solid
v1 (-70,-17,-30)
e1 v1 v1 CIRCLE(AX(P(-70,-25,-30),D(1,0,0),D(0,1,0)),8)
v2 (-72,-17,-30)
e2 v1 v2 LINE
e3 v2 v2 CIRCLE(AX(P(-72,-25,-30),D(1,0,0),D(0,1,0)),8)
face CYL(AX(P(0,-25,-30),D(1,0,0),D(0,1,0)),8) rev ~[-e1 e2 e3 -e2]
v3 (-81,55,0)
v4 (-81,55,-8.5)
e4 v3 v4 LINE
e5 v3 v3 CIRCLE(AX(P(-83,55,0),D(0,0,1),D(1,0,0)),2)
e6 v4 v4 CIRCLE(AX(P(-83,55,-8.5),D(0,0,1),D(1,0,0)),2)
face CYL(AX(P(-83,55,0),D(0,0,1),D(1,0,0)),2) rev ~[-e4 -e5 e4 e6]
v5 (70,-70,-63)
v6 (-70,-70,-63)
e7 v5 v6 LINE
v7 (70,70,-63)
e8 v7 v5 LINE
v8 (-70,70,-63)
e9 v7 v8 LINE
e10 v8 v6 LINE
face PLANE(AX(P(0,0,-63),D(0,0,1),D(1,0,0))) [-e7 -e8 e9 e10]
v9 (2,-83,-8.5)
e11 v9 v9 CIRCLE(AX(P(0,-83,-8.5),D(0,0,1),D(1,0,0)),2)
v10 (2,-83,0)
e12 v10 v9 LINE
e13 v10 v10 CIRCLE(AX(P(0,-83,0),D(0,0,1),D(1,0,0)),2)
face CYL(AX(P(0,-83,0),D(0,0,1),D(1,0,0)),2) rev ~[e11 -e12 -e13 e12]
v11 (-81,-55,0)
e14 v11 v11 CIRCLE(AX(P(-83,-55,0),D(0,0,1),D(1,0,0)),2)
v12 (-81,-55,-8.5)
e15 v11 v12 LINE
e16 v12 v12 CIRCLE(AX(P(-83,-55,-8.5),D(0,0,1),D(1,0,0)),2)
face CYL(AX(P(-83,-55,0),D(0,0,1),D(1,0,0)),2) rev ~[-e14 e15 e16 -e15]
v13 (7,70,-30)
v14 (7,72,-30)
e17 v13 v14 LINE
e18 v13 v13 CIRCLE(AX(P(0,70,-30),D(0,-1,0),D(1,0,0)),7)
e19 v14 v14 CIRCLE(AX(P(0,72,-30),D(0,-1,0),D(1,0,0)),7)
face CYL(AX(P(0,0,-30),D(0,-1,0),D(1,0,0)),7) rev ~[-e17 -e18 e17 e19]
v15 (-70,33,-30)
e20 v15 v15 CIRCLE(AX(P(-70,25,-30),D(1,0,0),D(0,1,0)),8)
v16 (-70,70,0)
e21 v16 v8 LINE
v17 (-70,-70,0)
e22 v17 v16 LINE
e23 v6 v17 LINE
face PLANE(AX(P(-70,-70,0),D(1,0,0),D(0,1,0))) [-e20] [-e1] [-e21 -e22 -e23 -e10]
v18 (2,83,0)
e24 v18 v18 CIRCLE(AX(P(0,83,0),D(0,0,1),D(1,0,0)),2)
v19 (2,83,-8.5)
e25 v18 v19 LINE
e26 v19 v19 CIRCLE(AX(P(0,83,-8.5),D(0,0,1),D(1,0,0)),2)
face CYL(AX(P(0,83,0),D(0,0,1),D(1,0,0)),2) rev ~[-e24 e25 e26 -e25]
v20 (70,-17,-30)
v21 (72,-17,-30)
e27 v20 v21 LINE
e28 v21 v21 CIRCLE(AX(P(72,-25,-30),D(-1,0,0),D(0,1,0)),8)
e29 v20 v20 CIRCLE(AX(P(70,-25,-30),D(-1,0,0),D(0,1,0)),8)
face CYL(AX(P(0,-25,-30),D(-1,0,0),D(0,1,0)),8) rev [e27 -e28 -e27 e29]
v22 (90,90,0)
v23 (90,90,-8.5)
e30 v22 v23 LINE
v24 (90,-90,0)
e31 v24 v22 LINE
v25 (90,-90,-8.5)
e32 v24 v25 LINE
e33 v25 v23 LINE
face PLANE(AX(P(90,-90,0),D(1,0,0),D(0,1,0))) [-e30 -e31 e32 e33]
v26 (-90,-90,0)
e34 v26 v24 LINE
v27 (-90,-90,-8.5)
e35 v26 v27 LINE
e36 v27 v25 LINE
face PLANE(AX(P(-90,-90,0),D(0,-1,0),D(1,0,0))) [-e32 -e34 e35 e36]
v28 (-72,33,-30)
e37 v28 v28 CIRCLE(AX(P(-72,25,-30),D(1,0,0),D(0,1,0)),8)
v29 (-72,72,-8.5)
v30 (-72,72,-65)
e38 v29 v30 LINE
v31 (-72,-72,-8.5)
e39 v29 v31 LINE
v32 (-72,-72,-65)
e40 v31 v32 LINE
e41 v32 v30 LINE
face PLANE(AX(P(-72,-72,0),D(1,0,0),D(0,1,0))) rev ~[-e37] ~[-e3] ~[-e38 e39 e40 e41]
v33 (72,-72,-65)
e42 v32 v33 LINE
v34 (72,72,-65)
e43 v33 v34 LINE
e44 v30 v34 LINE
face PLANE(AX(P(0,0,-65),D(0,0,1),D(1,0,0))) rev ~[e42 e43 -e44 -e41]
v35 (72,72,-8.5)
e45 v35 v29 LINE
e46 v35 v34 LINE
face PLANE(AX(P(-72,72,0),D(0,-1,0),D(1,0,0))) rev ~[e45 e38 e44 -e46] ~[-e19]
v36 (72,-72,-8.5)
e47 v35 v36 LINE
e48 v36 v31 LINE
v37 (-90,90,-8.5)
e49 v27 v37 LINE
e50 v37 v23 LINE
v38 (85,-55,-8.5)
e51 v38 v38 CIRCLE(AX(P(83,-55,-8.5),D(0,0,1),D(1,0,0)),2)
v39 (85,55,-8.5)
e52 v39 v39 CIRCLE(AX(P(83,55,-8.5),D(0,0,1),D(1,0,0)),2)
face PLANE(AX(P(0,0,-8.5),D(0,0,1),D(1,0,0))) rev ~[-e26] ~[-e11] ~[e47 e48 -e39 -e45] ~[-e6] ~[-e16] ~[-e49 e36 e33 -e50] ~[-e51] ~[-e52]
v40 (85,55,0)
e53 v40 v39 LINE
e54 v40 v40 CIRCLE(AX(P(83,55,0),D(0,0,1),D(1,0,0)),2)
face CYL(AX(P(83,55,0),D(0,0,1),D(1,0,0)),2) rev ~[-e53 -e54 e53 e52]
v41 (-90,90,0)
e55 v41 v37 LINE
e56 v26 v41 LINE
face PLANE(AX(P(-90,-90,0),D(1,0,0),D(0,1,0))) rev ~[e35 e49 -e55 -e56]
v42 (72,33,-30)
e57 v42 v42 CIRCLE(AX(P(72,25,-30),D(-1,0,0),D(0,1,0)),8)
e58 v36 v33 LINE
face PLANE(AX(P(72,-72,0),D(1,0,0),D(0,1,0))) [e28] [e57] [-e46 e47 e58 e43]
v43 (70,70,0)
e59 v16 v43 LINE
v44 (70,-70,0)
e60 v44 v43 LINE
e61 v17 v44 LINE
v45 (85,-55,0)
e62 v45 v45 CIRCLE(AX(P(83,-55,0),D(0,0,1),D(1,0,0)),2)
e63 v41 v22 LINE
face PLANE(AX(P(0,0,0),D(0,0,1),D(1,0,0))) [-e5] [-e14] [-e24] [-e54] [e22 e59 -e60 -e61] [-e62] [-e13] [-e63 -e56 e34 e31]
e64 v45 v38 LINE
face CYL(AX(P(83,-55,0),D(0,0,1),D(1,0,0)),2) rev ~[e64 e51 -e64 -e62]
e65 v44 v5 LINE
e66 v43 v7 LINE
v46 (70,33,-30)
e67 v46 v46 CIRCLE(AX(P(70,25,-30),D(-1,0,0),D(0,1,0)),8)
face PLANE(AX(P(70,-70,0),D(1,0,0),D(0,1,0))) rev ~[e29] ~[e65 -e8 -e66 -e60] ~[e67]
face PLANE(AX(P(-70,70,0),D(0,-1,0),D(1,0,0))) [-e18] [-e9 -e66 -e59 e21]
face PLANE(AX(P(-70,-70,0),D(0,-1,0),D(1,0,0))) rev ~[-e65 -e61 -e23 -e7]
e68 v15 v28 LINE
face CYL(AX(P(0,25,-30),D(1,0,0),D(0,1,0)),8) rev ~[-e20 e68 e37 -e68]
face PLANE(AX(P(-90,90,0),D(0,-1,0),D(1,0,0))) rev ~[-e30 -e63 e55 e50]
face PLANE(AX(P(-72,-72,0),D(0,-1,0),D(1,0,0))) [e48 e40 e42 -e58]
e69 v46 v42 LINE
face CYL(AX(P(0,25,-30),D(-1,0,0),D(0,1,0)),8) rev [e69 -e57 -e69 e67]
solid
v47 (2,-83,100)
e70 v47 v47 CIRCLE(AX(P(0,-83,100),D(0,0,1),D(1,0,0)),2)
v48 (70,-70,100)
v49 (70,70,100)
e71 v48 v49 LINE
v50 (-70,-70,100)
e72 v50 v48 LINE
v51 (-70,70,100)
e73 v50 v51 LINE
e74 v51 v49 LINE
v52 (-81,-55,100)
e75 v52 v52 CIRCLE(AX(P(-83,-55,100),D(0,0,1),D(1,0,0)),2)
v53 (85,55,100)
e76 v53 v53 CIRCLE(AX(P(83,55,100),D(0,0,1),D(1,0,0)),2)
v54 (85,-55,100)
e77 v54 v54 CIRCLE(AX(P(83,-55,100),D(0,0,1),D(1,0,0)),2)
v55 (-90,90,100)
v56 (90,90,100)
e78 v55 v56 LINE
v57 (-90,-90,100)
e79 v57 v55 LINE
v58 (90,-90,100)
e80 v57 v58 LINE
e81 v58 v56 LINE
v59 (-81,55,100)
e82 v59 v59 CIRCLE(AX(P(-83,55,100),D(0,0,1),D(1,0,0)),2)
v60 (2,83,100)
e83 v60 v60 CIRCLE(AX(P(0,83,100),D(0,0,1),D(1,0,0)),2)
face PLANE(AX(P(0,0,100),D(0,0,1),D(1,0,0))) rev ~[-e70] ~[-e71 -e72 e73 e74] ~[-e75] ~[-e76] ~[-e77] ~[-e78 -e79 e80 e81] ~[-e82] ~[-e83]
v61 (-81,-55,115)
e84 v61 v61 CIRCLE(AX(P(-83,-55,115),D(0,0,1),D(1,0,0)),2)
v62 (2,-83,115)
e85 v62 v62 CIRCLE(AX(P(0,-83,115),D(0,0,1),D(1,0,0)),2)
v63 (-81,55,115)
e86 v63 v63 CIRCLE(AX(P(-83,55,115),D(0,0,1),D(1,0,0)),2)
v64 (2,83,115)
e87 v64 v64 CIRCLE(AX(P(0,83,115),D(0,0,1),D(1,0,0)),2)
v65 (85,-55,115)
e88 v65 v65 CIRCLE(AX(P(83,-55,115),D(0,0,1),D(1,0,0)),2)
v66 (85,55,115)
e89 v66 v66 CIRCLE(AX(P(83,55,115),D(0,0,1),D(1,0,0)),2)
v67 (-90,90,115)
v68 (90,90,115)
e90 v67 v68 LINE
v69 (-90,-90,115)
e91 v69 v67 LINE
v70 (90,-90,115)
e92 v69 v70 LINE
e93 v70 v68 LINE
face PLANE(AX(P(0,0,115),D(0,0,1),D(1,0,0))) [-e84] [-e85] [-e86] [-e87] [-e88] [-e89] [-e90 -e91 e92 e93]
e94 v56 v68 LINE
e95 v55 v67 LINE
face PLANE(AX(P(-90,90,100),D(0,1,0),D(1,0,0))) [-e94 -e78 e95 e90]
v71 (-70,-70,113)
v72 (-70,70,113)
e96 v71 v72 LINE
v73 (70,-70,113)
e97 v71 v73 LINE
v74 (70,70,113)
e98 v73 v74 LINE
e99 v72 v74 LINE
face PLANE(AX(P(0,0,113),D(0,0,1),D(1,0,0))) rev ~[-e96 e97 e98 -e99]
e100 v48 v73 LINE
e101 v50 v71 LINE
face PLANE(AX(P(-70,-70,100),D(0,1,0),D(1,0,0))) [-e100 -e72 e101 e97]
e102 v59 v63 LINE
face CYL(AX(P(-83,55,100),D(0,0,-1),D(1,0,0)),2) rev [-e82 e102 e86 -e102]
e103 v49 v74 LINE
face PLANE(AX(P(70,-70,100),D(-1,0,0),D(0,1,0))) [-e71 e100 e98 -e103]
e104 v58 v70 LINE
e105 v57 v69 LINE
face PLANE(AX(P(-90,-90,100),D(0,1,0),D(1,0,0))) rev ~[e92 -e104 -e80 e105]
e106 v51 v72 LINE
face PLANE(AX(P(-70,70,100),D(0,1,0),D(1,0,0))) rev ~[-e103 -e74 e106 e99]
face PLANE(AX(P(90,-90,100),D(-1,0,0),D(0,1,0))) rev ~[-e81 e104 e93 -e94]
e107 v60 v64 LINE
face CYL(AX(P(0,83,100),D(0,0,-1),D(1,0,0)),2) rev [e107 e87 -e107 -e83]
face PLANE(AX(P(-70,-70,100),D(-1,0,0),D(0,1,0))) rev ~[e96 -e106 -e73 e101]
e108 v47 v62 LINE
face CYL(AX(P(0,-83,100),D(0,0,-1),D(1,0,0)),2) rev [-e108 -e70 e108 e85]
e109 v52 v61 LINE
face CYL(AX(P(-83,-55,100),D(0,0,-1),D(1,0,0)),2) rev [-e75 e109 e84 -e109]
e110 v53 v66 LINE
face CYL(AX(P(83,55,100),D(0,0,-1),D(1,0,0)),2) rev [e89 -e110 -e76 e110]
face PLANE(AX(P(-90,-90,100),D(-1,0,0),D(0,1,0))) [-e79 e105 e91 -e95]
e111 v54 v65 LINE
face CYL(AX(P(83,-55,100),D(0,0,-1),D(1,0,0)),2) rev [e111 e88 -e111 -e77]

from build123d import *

# Parameters (mm, degrees)
F0_W           = 144
F0_H           = 144
F1_DEPTH       = 65
F2_T           = -2
F3_W           = 180
F3_H           = 180
F4_DEPTH       = 8.5
F5_W           = 140
F5_H           = 140
F6_DEPTH       = 10
F7_R           = 2
F8_DEPTH       = 8.5
F8_DEPTH_BACK  = 150
F9_R           = 2
F10_DEPTH      = 8.5
F10_DEPTH_BACK = 150
F12_W          = 180
F12_H          = 180
F13_DEPTH      = 15
F14_W          = 140
F14_H          = 140
F15_DEPTH      = 13
F16_R          = 2
F17_DEPTH      = 15
F18_R          = 8
F19_DEPTH      = 100
F19_DEPTH_BACK = 100
F20_R          = 7
F21_DEPTH      = 100


with BuildPart() as f1:
    # F0 (on Top) → F1 (new body)
    with BuildSketch(Plane.XY):
        Rectangle(F0_W, F0_H)
    extrude(amount=-F1_DEPTH)

    # F2
    f2_openings = [f1.faces().sort_by_distance(p)[0] for p in [
        (0, 0, 0),
    ]]
    offset(amount=F2_T, openings=f2_openings)

    # F3 (on Top) → F4 (join)
    with BuildSketch(Plane.XY):
        Rectangle(F3_W, F3_H)
    extrude(amount=-F4_DEPTH)

    # F5 (on Top) → F6 (cut)
    with BuildSketch(Plane.XY):
        Rectangle(F5_W, F5_H)
    extrude(amount=-F6_DEPTH, mode=Mode.SUBTRACT)

    # F7 (on Top) → F8 (cut, two sides)
    with BuildSketch(Plane.XY) as f8_sk:
        with Locations((-83, 55)):
            Circle(F7_R)
        with Locations((-83, -55)):
            Circle(F7_R)
        with Locations((83, 55)):
            Circle(F7_R)
        with Locations((83, -55)):
            Circle(F7_R)
    extrude(amount=-F8_DEPTH, mode=Mode.SUBTRACT)
    extrude(f8_sk.sketch, amount=F8_DEPTH_BACK, mode=Mode.SUBTRACT)

    # F9 (on Top) → F10 (cut, two sides)
    with BuildSketch(Plane.XY) as f10_sk:
        with Locations((0, 83)):
            Circle(F9_R)
        with Locations((0, -83)):
            Circle(F9_R)
    extrude(amount=-F10_DEPTH, mode=Mode.SUBTRACT)
    extrude(f10_sk.sketch, amount=F10_DEPTH_BACK, mode=Mode.SUBTRACT)

    # F18 (on Right) → F19 (cut, two sides)
    with BuildSketch(Plane.YZ) as f19_sk:
        with Locations((-25, -30)):
            Circle(F18_R)
        with Locations((25, -30)):
            Circle(F18_R)
    extrude(amount=-F19_DEPTH, mode=Mode.SUBTRACT)
    extrude(f19_sk.sketch, amount=F19_DEPTH_BACK, mode=Mode.SUBTRACT)

    # F20 (on Front) → F21 (cut)
    with BuildSketch(Plane.XZ):
        with Locations((0, -30)):
            Circle(F20_R)
    extrude(amount=-F21_DEPTH, mode=Mode.SUBTRACT)


with BuildPart() as f13:
    # F12 (on offset) → F13 (new body)
    with BuildSketch(Plane.XY.offset(100)):
        Rectangle(F12_W, F12_H)
    extrude(amount=F13_DEPTH)

    # F14 (on offset) → F15 (cut)
    with BuildSketch(Plane.XY.offset(100)):
        Rectangle(F14_W, F14_H)
    extrude(amount=F15_DEPTH, mode=Mode.SUBTRACT)

    # F16 (on offset) → F17 (cut, through all)
    with BuildSketch(Plane.XY.offset(100)):
        with Locations((-83, 55)):
            Circle(F16_R)
        with Locations((-83, -55)):
            Circle(F16_R)
        with Locations((0, -83)):
            Circle(F16_R)
        with Locations((83, -55)):
            Circle(F16_R)
        with Locations((0, 83)):
            Circle(F16_R)
        with Locations((83, 55)):
            Circle(F16_R)
    extrude(amount=F17_DEPTH, mode=Mode.SUBTRACT)


solid = Compound([f1.part, f13.part])
